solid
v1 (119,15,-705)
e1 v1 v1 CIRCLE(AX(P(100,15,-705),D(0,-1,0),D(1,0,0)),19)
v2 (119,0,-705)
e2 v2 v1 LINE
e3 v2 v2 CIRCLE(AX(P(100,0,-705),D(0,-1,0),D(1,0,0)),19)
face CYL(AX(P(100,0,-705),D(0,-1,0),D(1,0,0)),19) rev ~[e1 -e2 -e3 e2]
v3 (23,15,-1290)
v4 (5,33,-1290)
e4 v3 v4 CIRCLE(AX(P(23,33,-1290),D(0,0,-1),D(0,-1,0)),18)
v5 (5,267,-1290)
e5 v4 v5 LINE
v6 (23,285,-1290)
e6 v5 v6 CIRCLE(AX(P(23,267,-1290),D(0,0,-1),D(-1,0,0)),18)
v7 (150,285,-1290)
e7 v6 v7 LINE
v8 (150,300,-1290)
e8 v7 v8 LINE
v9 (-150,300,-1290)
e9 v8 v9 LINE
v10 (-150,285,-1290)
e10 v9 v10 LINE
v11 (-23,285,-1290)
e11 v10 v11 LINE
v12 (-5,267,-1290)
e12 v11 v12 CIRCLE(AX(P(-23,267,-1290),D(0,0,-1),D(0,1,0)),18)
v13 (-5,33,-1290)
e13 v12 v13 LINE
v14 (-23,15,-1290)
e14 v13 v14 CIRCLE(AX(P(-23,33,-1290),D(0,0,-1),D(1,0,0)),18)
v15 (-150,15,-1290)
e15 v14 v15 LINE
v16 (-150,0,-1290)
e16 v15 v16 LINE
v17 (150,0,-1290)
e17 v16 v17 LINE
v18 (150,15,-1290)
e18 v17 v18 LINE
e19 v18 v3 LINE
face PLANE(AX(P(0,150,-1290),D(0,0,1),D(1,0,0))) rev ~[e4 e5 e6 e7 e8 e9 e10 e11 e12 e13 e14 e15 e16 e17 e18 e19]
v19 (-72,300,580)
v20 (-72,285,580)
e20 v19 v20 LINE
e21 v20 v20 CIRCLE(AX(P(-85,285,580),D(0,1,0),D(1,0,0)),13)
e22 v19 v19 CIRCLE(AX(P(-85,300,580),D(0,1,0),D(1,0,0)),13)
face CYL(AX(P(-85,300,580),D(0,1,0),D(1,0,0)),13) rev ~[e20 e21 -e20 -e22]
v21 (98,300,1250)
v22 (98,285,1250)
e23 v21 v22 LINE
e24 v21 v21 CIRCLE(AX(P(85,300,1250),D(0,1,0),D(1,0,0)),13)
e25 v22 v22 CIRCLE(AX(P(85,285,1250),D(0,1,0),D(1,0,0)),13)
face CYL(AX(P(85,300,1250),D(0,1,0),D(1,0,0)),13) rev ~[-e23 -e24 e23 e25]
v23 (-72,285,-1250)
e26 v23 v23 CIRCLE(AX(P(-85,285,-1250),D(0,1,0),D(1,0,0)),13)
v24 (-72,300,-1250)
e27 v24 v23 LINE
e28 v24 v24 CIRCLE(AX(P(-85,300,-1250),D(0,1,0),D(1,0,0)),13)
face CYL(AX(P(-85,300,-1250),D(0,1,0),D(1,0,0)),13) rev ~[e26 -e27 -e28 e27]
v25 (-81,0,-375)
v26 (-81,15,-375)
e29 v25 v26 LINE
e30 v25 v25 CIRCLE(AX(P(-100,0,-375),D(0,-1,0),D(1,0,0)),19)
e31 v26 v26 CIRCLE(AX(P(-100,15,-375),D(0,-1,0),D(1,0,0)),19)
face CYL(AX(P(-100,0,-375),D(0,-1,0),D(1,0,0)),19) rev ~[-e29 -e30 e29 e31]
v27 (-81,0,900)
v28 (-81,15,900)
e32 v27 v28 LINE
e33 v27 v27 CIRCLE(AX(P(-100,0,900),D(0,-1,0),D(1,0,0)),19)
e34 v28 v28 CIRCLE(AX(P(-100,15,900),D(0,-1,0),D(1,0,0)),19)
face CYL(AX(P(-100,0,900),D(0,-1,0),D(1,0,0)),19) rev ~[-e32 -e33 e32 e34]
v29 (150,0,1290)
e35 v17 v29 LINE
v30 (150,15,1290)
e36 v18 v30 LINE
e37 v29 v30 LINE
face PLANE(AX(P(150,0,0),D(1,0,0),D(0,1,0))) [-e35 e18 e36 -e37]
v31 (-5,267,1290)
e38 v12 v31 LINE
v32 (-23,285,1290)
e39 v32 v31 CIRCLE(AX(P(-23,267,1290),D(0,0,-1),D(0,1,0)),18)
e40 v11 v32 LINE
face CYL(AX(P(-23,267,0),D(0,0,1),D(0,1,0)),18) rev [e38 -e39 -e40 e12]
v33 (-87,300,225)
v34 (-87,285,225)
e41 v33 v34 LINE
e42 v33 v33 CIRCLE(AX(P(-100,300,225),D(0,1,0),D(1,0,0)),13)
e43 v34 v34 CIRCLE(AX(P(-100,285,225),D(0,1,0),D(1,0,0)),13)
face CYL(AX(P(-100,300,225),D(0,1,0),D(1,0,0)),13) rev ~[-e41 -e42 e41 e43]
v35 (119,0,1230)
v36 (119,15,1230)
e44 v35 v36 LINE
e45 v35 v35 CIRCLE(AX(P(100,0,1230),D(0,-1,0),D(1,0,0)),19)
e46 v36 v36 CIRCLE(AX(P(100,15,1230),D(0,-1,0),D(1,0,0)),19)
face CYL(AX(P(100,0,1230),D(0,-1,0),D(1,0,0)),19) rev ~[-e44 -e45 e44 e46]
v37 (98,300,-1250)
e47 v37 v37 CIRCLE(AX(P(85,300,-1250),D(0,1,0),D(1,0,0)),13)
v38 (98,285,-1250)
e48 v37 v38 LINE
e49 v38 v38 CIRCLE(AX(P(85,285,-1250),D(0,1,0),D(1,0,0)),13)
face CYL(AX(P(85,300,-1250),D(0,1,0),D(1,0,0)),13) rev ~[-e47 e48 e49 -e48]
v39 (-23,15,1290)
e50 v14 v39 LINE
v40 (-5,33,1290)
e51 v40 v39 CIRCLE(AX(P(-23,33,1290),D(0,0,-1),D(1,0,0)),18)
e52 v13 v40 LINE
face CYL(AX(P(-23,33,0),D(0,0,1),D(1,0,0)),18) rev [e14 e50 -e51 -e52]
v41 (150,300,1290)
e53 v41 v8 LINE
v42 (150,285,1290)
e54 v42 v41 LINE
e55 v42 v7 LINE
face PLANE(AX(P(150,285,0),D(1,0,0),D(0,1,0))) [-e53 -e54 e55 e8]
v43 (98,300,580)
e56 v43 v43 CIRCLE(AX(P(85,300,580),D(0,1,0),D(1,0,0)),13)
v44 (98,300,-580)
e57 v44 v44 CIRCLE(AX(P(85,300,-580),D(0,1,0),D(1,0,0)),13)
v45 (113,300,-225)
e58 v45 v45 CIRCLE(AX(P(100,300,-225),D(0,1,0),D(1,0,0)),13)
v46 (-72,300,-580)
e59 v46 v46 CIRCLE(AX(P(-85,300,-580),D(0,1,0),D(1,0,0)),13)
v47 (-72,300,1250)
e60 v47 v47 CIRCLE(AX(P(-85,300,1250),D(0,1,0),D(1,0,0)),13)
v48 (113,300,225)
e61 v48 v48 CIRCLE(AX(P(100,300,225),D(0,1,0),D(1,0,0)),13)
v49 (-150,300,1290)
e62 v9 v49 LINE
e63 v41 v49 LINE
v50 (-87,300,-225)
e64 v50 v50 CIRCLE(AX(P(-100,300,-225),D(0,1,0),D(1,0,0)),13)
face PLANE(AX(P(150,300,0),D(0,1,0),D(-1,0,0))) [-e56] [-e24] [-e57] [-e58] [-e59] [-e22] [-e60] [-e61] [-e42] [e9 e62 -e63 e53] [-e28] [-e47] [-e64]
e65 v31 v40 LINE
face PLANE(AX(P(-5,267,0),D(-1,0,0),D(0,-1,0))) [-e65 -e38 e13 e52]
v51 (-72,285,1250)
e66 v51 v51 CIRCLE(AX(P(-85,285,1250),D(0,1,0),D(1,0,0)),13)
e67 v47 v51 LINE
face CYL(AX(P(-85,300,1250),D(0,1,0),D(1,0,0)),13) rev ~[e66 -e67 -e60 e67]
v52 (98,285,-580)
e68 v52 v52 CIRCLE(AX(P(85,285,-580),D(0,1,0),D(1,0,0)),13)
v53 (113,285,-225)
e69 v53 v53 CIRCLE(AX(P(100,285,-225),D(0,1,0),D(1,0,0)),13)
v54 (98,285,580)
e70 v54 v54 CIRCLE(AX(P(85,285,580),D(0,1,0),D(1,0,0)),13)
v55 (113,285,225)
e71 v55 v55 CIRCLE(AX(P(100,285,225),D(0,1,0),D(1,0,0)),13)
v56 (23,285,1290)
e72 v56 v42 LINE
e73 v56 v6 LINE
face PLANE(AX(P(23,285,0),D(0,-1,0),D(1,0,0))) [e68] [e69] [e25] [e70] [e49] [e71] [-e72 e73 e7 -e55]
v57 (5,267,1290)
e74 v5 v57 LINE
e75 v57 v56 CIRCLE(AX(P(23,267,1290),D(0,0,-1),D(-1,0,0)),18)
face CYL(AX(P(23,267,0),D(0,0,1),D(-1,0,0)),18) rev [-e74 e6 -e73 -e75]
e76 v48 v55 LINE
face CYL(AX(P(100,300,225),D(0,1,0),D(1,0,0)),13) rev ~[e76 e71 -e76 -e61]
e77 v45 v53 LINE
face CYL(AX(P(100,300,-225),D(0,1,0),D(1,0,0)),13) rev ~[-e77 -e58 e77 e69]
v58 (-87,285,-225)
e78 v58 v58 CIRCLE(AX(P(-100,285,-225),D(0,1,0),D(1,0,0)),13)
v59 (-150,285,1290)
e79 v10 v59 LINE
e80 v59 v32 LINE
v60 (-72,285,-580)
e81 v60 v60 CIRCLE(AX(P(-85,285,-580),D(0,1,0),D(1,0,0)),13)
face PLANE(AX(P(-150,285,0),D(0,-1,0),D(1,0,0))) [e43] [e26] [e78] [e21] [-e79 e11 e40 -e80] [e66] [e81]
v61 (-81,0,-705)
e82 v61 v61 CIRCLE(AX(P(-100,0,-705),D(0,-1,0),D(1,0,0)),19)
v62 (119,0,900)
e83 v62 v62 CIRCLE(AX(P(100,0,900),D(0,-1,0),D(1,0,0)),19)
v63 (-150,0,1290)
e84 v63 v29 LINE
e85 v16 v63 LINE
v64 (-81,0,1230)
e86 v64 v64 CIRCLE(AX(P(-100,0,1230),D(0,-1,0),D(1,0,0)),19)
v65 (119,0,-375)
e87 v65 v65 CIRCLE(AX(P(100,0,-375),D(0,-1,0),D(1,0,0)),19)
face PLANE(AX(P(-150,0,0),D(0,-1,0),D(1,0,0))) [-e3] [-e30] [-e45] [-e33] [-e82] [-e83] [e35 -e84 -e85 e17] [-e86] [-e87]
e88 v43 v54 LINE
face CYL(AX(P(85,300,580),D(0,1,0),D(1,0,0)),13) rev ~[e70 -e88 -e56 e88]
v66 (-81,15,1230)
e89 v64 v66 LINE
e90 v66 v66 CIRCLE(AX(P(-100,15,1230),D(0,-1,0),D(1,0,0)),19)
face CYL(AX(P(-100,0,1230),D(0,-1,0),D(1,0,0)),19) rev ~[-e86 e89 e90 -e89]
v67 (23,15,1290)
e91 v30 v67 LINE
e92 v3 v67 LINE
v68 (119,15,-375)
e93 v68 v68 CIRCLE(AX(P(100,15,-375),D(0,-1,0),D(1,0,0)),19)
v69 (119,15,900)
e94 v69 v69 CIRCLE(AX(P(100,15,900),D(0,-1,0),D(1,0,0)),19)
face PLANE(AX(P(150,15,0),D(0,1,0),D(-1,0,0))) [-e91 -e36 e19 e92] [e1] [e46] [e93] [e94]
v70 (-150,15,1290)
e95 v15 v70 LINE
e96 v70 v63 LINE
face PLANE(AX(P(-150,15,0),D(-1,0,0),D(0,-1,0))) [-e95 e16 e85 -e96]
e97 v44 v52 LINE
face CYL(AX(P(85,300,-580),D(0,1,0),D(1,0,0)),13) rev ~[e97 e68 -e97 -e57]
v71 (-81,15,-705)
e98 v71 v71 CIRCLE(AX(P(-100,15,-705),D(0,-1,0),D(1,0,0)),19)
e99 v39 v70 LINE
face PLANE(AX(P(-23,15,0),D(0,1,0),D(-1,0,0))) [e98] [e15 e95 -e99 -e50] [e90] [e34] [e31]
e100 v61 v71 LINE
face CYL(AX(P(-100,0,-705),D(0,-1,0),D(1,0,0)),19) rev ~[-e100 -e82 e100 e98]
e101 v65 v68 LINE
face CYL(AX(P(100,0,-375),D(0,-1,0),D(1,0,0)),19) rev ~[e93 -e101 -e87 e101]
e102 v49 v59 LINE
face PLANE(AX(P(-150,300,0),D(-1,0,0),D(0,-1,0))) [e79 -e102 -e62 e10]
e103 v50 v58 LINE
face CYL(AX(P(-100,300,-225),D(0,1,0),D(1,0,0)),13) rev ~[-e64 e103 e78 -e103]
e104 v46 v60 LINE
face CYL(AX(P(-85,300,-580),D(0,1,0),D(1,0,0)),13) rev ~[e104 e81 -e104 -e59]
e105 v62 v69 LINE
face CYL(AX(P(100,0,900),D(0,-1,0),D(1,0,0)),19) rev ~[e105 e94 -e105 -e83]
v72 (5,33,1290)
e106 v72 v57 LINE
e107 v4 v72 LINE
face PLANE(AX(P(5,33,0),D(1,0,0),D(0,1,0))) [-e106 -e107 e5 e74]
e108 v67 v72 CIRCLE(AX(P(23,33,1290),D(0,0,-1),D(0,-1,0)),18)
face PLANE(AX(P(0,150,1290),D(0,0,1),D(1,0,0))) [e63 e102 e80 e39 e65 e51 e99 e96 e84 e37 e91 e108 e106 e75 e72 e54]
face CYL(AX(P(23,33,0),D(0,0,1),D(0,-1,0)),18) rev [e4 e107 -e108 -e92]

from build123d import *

# Parameters (mm, degrees)
EXTRUDE_1_DEPTH     = 1290
SKETCH_2_R          = 19
CUT_EXTRUDE_1_DEPTH = 60
SKETCH_3_R          = 13
CUT_EXTRUDE_2_DEPTH = 60


with BuildPart() as part:
    # Эскиз1 → Бобышка-Вытянуть1 (new body, symmetric)
    with BuildSketch(Plane.XY):
        with BuildLine():
            Line((150, 300), (-150, 300))
            Line((-150, 300), (-150, 285))
            Line((-150, 285), (-23, 285))
            ThreePointArc((-23, 285), (-10.272077939, 279.727922061), (-5, 267))
            Line((-5, 267), (-5, 33))
            ThreePointArc((-5, 33), (-10.272077939, 20.272077939), (-23, 15))
            Line((-23, 15), (-150, 15))
            Line((-150, 15), (-150, 0))
            Line((-150, 0), (150, 0))
            Line((150, 0), (150, 15))
            Line((150, 15), (23, 15))
            ThreePointArc((23, 15), (10.272077939, 20.272077939), (5, 33))
            Line((5, 33), (5, 267))
            ThreePointArc((5, 267), (10.272077939, 279.727922061), (23, 285))
            Line((23, 285), (150, 285))
            Line((150, 285), (150, 300))
        make_face()
    extrude(amount=EXTRUDE_1_DEPTH, both=True)

    # Эскиз2 → Вырез-Вытянуть1 (cut)
    with BuildSketch(Plane.XZ):
        with Locations((-100, 1230)):
            Circle(SKETCH_2_R)
        with Locations((100, 1230)):
            Circle(SKETCH_2_R)
        with Locations((-100, 900)):
            Circle(SKETCH_2_R)
        with Locations((100, 900)):
            Circle(SKETCH_2_R)
        with Locations((-100, -705)):
            Circle(SKETCH_2_R)
        with Locations((100, -705)):
            Circle(SKETCH_2_R)
        with Locations((-100, -375)):
            Circle(SKETCH_2_R)
        with Locations((100, -375)):
            Circle(SKETCH_2_R)
    extrude(amount=-CUT_EXTRUDE_1_DEPTH, mode=Mode.SUBTRACT)

    # Эскиз3 → Вырез-Вытянуть2 (cut)
    with BuildSketch(Plane(origin=(0, 300, 0), x_dir=(1, 0, 0), z_dir=(0, 1, 0))):
        with Locations((-85, -1250)):
            Circle(SKETCH_3_R)
        with Locations((85, -1250)):
            Circle(SKETCH_3_R)
        with Locations((-85, -580)):
            Circle(SKETCH_3_R)
        with Locations((85, -580)):
            Circle(SKETCH_3_R)
        with Locations((-100, -225)):
            Circle(SKETCH_3_R)
        with Locations((100, -225)):
            Circle(SKETCH_3_R)
        with Locations((-100, 225)):
            Circle(SKETCH_3_R)
        with Locations((100, 225)):
            Circle(SKETCH_3_R)
        with Locations((-85, 580)):
            Circle(SKETCH_3_R)
        with Locations((85, 580)):
            Circle(SKETCH_3_R)
        with Locations((-85, 1250)):
            Circle(SKETCH_3_R)
        with Locations((85, 1250)):
            Circle(SKETCH_3_R)
    extrude(amount=-CUT_EXTRUDE_2_DEPTH, mode=Mode.SUBTRACT)


solid = part.part
